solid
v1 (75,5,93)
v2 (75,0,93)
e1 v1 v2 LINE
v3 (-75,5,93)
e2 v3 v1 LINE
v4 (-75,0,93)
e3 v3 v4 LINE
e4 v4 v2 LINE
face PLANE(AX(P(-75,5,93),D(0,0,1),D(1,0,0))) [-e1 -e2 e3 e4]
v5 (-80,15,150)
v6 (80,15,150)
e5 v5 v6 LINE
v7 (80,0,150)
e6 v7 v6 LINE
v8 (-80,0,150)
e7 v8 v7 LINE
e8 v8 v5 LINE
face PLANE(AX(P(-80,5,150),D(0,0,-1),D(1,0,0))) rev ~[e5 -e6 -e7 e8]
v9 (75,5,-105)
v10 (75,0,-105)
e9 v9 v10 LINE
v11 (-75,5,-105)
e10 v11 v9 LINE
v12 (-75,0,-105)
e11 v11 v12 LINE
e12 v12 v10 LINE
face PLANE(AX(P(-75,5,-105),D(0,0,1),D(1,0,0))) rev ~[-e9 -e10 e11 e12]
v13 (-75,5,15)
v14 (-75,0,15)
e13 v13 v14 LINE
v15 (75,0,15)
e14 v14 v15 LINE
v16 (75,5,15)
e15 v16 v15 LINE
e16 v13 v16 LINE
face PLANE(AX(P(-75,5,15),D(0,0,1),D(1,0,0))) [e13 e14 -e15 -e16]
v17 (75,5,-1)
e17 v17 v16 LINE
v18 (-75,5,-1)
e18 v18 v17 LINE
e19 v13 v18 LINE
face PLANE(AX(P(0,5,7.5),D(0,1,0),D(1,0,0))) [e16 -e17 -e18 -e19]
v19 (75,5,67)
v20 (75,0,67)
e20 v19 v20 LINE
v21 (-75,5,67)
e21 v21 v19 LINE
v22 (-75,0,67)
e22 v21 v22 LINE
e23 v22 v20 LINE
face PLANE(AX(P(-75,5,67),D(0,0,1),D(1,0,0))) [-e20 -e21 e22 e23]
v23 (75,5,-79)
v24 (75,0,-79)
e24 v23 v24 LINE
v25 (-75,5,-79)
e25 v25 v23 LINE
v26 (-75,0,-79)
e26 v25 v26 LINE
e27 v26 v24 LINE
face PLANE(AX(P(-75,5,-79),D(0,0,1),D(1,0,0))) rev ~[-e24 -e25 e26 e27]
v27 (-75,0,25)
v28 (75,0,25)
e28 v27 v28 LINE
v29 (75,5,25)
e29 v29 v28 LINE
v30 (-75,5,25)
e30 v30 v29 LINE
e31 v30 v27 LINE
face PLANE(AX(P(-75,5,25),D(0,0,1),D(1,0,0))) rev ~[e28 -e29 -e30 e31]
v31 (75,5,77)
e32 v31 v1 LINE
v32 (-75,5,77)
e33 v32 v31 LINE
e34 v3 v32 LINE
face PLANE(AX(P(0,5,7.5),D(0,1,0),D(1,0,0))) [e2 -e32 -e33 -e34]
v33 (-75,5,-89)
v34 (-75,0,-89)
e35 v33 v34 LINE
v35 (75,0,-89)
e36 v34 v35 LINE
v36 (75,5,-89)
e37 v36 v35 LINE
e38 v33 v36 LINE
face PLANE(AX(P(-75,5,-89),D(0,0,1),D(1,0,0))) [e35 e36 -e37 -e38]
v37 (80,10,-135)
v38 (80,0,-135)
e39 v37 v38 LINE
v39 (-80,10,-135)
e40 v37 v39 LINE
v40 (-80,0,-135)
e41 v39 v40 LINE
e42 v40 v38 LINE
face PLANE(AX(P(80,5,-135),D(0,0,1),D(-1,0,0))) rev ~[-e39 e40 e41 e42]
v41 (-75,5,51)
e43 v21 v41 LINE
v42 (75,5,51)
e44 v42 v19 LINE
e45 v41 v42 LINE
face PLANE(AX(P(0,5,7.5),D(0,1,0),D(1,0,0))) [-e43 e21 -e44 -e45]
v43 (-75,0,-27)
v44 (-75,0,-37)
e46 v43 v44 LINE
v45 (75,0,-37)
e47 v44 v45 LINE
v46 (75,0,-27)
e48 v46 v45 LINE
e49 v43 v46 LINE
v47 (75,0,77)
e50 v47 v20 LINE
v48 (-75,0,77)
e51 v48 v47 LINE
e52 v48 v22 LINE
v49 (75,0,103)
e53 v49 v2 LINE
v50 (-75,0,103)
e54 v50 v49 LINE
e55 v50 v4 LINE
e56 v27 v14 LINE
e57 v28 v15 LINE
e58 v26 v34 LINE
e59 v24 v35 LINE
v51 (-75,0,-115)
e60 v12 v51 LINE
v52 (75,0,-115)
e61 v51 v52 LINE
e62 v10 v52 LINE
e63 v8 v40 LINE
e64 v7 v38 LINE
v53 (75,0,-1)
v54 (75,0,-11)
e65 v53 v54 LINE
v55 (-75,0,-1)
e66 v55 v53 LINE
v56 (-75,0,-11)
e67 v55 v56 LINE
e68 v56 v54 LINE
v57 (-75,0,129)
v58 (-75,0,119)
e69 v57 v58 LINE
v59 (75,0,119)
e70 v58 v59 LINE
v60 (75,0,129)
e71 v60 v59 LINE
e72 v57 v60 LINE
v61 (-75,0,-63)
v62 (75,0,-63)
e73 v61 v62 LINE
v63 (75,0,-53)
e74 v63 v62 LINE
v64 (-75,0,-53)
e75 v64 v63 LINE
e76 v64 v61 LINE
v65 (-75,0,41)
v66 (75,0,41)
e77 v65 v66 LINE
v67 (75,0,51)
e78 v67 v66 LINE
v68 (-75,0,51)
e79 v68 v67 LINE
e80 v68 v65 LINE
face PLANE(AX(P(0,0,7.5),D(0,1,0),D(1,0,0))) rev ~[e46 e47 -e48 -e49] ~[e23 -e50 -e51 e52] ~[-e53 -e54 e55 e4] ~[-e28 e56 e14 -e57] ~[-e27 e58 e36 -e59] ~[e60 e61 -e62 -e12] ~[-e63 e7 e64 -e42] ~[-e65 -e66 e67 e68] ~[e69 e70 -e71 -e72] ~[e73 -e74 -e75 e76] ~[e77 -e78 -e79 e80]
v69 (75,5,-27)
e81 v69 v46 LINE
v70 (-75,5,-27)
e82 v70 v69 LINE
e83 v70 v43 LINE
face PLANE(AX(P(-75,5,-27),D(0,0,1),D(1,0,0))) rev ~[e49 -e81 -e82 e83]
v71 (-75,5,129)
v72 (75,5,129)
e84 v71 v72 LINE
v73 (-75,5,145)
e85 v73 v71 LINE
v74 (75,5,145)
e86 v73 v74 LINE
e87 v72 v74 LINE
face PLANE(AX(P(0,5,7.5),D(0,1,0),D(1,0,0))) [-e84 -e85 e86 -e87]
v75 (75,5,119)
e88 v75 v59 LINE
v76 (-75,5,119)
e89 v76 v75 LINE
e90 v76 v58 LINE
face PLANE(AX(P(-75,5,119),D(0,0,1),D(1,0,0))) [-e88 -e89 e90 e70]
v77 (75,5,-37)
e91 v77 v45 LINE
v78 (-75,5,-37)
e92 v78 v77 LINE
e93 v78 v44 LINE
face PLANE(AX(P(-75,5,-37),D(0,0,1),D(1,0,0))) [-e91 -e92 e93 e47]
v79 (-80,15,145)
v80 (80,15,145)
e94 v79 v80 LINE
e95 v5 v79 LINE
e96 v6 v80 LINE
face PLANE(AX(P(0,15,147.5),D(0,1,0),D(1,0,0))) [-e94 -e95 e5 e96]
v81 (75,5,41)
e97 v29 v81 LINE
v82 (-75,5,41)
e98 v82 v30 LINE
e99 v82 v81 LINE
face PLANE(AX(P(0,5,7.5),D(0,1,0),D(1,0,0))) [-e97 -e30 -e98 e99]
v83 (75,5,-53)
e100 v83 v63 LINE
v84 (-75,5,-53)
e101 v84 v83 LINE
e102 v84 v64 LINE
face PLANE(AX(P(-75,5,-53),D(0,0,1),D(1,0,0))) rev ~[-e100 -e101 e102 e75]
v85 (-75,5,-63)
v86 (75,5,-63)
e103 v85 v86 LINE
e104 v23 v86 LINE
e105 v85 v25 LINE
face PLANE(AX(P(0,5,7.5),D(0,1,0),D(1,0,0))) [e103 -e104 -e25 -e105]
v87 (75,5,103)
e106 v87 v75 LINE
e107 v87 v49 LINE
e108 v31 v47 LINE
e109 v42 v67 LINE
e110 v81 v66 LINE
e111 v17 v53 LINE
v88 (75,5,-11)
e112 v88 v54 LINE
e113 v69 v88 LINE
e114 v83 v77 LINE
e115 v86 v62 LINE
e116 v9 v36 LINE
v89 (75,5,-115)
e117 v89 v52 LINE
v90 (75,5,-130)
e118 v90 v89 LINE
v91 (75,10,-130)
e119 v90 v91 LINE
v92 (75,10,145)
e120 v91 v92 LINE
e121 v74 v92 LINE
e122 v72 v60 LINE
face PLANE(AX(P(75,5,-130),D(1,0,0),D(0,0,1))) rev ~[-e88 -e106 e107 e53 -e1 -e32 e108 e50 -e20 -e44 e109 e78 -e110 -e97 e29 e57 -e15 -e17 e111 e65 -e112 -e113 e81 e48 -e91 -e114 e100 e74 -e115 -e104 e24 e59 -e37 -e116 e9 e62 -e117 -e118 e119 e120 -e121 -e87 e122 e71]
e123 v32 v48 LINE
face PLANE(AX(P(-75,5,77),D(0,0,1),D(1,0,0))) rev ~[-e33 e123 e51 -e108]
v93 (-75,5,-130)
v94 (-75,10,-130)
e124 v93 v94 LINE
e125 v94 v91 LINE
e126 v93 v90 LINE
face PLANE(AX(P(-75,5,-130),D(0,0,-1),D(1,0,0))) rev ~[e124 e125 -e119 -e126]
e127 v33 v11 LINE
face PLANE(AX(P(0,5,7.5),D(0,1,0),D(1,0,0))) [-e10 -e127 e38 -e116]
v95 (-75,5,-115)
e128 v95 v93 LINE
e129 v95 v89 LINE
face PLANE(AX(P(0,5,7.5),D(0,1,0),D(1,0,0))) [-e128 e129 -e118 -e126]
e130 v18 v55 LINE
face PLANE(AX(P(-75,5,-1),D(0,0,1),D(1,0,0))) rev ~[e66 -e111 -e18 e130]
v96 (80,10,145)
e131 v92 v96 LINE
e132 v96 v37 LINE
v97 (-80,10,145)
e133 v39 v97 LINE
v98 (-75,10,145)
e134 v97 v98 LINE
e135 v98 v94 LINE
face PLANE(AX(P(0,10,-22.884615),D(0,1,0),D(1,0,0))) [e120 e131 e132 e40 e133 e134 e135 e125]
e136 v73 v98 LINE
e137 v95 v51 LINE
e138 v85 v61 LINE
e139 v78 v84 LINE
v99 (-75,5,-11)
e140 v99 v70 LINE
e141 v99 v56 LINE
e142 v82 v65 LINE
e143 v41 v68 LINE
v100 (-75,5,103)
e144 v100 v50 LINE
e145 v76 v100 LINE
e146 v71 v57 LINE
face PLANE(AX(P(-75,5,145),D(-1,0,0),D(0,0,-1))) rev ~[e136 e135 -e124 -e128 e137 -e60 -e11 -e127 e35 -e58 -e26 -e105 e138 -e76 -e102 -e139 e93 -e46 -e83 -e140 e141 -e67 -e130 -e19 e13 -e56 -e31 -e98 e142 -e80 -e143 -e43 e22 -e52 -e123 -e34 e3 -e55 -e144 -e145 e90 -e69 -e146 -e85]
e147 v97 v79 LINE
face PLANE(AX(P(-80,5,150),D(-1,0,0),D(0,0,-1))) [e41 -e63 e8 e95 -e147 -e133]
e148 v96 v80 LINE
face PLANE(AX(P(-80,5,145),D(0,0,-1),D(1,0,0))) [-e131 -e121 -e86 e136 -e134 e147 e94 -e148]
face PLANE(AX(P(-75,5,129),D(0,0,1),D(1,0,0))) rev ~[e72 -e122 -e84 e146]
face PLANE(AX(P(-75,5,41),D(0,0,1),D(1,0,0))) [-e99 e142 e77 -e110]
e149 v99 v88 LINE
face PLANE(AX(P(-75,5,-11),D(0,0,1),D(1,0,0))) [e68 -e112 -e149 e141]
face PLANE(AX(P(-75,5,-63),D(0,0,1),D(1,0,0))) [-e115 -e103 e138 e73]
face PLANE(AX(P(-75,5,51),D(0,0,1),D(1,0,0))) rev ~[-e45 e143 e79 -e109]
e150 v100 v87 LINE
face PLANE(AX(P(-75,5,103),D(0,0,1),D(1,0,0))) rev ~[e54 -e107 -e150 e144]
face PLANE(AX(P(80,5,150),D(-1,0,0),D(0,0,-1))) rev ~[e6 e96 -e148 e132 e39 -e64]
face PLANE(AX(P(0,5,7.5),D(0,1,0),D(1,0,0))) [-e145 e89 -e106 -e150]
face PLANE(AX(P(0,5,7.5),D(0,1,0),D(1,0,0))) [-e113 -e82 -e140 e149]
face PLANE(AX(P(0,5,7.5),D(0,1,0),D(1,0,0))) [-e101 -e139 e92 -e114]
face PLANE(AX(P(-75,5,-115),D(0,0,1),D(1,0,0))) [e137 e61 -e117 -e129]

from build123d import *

# Parameters (mm, degrees)
TRAY_W              = 160
TRAY_H              = 285
BOSS_EXTRUDE1_DEPTH = 5
BOSS_EXTRUDE2_DEPTH = 5
SKETCH3_W           = 160
SKETCH3_H           = 5
BOSS_EXTRUDE3_DEPTH = 10
SKETCH4_W           = 150
SKETCH4_H           = 10
CUT_EXTRUDE1_DEPTH  = 171.293863659


with BuildPart() as part:
    # Tray → Boss-Extrude1 (new body)
    with BuildSketch(Plane(origin=(0, 0, 0), x_dir=(1, 0, 0), z_dir=(0, 1, 0))):
        with Locations((0, -7.5)):
            Rectangle(TRAY_W, TRAY_H)
    extrude(amount=BOSS_EXTRUDE1_DEPTH)

    # tray frame → Boss-Extrude2 (add)
    with BuildSketch(Plane(origin=(0, 5, 0), x_dir=(1, 0, 0), z_dir=(0, 1, 0))):
        Polygon((-80, -145), (-75, -145), (-75, 130), (75, 130), (75, -145), (80, -145), (80, 135), (-80, 135), align=None)
    extrude(amount=BOSS_EXTRUDE2_DEPTH)

    # Sketch3 → Boss-Extrude3 (add)
    with BuildSketch(Plane(origin=(0, 5, 0), x_dir=(1, 0, 0), z_dir=(0, 1, 0))):
        with Locations((0, -147.5)):
            Rectangle(SKETCH3_W, SKETCH3_H)
    extrude(amount=BOSS_EXTRUDE3_DEPTH)

    # Sketch4 → Cut-Extrude1 (cut, through all)
    with BuildSketch(Plane(origin=(0, 5, 0), x_dir=(1, 0, 0), z_dir=(0, 1, 0))):
        with Locations((0, 110)):
            Rectangle(SKETCH4_W, SKETCH4_H)
        with Locations((0, 84)):
            Rectangle(SKETCH4_W, SKETCH4_H)
        with Locations((0, 32)):
            Rectangle(SKETCH4_W, SKETCH4_H)
        with Locations((0, 6)):
            Rectangle(SKETCH4_W, SKETCH4_H)
        with Locations((0, -20)):
            Rectangle(SKETCH4_W, SKETCH4_H)
        with Locations((0, -46)):
            Rectangle(SKETCH4_W, SKETCH4_H)
        with Locations((0, -72)):
            Rectangle(SKETCH4_W, SKETCH4_H)
        with Locations((0, -98)):
            Rectangle(SKETCH4_W, SKETCH4_H)
        with Locations((0, -124)):
            Rectangle(SKETCH4_W, SKETCH4_H)
        with Locations((0, 58)):
            Rectangle(SKETCH4_W, SKETCH4_H)
    extrude(amount=-CUT_EXTRUDE1_DEPTH, mode=Mode.SUBTRACT)


solid = part.part
